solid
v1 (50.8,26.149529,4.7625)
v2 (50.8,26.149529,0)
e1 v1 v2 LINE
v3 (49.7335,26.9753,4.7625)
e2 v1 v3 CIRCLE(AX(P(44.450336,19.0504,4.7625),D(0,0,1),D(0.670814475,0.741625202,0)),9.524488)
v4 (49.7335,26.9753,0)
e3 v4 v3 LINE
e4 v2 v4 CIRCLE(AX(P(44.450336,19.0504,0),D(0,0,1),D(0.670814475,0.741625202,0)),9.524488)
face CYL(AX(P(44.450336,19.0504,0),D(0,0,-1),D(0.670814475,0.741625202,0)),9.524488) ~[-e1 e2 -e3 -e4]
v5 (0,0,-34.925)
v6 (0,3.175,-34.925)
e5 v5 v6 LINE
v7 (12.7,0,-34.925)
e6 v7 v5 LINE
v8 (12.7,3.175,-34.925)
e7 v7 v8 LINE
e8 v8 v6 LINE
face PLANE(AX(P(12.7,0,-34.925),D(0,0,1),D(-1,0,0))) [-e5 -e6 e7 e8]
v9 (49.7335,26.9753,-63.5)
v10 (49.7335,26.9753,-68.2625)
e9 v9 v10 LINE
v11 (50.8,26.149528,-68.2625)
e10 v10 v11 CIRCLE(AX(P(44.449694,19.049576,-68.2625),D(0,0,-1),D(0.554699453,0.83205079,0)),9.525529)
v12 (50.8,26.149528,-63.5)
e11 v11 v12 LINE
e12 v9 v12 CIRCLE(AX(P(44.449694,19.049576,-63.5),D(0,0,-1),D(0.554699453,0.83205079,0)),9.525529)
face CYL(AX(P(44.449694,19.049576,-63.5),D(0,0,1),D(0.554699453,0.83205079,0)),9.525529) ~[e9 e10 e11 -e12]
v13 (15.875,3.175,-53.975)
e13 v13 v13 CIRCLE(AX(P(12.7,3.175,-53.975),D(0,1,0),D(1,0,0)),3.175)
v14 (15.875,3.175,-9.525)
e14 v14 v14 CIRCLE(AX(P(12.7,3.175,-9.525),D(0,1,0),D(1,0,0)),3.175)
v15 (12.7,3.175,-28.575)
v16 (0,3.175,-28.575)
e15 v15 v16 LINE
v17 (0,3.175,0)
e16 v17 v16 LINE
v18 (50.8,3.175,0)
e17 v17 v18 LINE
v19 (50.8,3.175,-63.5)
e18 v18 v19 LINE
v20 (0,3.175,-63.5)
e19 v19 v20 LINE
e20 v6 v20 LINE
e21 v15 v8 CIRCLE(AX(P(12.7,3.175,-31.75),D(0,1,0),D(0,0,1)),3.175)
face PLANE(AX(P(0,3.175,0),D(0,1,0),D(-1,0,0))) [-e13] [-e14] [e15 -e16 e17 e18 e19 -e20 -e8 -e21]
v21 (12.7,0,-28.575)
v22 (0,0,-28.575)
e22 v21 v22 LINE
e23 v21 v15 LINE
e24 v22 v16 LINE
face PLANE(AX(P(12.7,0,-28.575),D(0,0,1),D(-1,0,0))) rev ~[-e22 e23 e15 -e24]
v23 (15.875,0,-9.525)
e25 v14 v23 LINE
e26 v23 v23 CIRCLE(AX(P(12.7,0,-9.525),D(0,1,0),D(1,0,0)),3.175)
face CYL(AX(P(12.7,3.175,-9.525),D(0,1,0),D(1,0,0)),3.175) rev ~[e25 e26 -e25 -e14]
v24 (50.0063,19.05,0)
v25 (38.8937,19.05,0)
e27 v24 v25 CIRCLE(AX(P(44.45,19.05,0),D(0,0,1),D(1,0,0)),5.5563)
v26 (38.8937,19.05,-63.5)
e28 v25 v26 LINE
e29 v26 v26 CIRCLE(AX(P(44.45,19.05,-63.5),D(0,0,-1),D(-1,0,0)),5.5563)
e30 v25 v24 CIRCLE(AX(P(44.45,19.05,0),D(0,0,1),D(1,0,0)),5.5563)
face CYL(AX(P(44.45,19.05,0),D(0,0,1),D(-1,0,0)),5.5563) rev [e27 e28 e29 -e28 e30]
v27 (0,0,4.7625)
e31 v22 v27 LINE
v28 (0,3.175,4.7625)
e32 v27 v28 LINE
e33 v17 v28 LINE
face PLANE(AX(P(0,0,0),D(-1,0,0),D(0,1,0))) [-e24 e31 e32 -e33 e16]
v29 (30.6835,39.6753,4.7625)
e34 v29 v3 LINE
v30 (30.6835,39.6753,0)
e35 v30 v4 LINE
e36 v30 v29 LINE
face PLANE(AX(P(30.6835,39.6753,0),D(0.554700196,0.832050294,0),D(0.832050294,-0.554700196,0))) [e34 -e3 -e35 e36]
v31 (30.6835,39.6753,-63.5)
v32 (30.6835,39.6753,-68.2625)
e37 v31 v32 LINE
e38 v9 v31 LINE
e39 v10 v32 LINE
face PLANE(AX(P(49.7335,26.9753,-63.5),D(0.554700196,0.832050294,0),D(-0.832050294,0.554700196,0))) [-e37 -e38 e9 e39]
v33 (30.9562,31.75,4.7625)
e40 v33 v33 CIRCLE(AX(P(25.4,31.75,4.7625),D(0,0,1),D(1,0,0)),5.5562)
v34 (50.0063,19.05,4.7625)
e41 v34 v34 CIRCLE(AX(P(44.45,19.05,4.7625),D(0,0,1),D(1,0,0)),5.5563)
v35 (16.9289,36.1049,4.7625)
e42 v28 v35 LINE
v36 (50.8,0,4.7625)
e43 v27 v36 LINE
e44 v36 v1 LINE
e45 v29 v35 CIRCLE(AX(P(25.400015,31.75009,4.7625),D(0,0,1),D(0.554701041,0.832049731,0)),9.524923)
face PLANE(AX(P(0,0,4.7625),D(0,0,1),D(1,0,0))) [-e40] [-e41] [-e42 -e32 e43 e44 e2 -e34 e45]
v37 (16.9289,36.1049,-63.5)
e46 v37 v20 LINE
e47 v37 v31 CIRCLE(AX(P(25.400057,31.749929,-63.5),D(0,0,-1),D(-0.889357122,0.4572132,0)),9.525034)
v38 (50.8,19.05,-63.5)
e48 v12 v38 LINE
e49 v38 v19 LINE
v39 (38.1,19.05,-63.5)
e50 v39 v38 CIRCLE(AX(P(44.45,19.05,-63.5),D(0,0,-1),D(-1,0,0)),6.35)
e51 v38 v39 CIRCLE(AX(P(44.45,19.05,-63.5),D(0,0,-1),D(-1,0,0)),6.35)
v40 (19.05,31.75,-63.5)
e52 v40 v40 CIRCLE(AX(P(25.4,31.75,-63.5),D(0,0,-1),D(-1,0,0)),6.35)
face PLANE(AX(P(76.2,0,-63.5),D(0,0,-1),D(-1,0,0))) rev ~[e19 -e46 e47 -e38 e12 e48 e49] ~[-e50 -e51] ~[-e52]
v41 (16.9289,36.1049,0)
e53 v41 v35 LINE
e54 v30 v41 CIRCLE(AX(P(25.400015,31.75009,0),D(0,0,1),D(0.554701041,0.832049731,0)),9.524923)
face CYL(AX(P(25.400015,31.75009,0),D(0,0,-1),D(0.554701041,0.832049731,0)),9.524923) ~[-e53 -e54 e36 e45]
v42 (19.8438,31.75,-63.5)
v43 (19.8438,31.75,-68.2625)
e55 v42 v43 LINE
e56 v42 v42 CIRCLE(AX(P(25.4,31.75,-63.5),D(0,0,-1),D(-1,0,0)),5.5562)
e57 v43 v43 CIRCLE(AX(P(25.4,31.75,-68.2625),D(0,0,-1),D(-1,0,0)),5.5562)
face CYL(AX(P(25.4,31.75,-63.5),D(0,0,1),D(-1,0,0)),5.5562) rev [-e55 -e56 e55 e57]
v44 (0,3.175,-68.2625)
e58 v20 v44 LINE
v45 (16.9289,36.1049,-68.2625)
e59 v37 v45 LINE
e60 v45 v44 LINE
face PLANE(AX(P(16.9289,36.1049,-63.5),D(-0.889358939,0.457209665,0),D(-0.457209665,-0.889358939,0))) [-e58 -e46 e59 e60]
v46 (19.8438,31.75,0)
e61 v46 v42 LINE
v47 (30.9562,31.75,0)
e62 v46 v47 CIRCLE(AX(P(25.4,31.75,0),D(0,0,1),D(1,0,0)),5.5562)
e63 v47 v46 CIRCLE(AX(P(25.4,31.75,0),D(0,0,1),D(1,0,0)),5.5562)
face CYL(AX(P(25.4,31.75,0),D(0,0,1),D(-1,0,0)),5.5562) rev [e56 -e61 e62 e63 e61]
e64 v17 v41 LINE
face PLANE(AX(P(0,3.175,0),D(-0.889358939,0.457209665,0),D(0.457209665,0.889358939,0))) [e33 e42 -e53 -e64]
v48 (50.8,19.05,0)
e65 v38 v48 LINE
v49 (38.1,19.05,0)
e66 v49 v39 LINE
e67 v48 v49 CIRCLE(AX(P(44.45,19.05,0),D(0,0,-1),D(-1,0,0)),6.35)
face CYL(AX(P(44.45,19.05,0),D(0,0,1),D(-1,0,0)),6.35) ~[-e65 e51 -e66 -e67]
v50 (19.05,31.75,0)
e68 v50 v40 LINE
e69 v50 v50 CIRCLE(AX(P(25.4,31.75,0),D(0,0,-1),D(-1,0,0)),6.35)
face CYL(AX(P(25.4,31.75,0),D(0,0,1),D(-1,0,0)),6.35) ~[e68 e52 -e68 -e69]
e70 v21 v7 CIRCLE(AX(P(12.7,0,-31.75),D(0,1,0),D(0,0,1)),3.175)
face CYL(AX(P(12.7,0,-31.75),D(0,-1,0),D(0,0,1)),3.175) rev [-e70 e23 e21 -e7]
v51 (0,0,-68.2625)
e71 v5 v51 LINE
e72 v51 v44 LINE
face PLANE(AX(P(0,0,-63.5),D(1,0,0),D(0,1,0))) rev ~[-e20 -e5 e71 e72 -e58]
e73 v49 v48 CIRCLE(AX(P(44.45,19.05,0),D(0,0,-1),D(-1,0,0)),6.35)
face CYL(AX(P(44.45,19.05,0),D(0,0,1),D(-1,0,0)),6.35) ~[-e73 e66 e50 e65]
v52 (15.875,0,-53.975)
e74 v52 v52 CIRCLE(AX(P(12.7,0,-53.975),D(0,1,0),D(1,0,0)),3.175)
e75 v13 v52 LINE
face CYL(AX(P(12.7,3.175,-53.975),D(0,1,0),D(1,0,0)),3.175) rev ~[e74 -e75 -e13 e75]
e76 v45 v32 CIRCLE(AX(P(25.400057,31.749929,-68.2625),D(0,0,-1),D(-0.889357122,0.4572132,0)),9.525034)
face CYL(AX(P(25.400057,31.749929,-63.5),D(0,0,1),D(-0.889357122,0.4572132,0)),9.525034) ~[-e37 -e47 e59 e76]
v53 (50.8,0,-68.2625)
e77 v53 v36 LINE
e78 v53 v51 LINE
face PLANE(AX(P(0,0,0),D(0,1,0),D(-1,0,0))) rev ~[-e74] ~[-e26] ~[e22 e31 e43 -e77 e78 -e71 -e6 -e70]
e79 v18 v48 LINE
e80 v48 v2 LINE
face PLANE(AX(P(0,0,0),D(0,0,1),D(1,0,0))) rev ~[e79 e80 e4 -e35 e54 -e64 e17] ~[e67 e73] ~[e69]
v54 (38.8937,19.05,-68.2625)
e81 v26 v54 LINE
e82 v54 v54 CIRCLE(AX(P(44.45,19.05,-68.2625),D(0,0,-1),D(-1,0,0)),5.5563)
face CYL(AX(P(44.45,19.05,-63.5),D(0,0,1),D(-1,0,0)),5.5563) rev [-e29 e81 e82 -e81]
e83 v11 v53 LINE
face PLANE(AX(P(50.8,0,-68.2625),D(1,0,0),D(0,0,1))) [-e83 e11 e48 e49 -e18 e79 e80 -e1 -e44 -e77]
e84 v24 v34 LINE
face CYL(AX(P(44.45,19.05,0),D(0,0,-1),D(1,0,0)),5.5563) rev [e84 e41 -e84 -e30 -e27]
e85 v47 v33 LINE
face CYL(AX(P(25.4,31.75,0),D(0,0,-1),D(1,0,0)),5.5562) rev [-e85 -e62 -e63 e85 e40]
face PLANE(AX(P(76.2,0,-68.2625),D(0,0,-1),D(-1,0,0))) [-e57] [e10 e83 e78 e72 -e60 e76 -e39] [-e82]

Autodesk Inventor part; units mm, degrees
ref_plane "YZ Plane" through (0, 0, 0) normal (1, 0, 0) x (0, 1, 0)
ref_plane "XZ Plane" through (0, 0, 0) normal (0, 1, 0) x (-1, 0, 0)
ref_plane "XY Plane" through (0, 0, 0) normal (0, 0, 1) x (1, 0, 0)
sketch "Sketch1" plane through (0, 0, 0) normal (0, 1, 0) x (-1, 0, 0)
  line L0 (0, 0) -> (-76.2, 0)
  line L1 (-76.2, 0) -> (-76.2, -63.5) construction
  line L2 (-76.2, -63.5) -> (0, -63.5)
  line L3 (0, -63.5) -> (0, 0) construction
  line L4 (0, -31.75) -> (44.45, -31.75) construction
  line L5 (-76.2, -31.75) -> (-127, -31.75) construction
  circle A0 centre (44.45, -31.75) radius 3.175
  circle A1 centre (-127, -31.75) radius 3.175 construction
  circle A2 centre (-114.3, -31.75) radius 3.175 construction
  line L6 (-114.3, -34.925) -> (-127, -34.925)
  line L7 (-114.3, -28.575) -> (-127, -28.575)
  arc A3 (-114.3, -34.925) -> (-114.3, -28.575) centre (-114.3, -31.75) ccw
  arc A4 (-127, -28.575) -> (-127, -34.925) centre (-127, -31.75) ccw
  line L8 (0, -63.5) -> (47.5152, -37.3112)
  line L9 (47.5152, -26.1888) -> (0, 0)
  line L10 (-76.2, -63.5) -> (-129.7757, -37.4612)
  line L11 (-129.7757, -26.0388) -> (-76.2, 0)
  arc A5 (47.5152, -37.3112) -> (47.5152, -26.1888) centre (44.45, -31.75) ccw
  arc A6 (-129.7757, -26.0388) -> (-129.7757, -37.4612) centre (-127, -31.75) ccw
  circle A7 centre (-76.2, -31.75) radius 3.175 construction
  circle A8 centre (-63.5, -31.75) radius 3.175 construction
  line L12 (-76.2, -28.575) -> (-63.5, -28.575) construction
  line L13 (-76.2, -34.925) -> (-63.5, -34.925) construction
  line L14 (-63.5, -28.575) -> (-76.2, -28.575)
  line L15 (-76.2, -34.925) -> (-63.5, -34.925)
  arc A9 (-63.5, -34.925) -> (-63.5, -28.575) centre (-63.5, -31.75) ccw
  arc A10 (-76.2, -28.575) -> (-76.2, -34.925) centre (-76.2, -31.75) ccw
  circle A11 centre (0, -31.75) radius 3.175 construction
  circle A12 centre (-12.7, -31.75) radius 3.175 construction
  line L16 (0, -28.575) -> (-12.7, -28.575) construction
  line L17 (0, -34.925) -> (-12.7, -34.925) construction
  arc A13 (-12.7, -28.575) -> (-12.7, -34.925) centre (-12.7, -31.75) ccw
  arc A14 (0, -34.925) -> (0, -28.575) centre (0, -31.75) ccw
  line L18 (-12.7, -34.925) -> (0, -34.925)
  line L19 (-12.7, -28.575) -> (0, -28.575)
  dimension "d0" = 76.2
  dimension "d1" = 63.5
  dimension "d2" = 44.45
  dimension "d3" = 50.8
  dimension "d4" = 6.35
  dimension "d5" = 6.35
  dimension "d6" = 6.35
  dimension "d7" = 12.7
  dimension "d8" = 6.35
  dimension "d9" = 0
  dimension "d10" = 0
  dimension "d11" = 0
  dimension "d12" = 0
  dimension "d13" = 6.35
  dimension "d14" = 6.35
  dimension "d15" = 12.7
  dimension "d16" = 0
  dimension "d17" = 6.35
  dimension "d18" = 6.35
  dimension "d19" = 0
  dimension "d20" = 12.7
extrude "Extrusion1" add sketch "Sketch1" along normal blind 3.175
sketch "Sketch2" plane through (0, 0, 0) normal (0, 0, 1) x (1, 0, 0)
  line L0 (0, 0) -> (76.2, 0) projected
  line L1 (76.2, 0) -> (76.2, 3.175) projected
  line L2 (0, 3.175) -> (76.2, 3.175) projected
  line L3 (0, 0) -> (0, 3.175) projected
  circle A0 centre (25.4, 31.75) radius 5.5562
  circle A1 centre (44.45, 19.05) radius 5.5563
  line L4 (0, 3.175) -> (16.9289, 36.1049)
  line L5 (30.6835, 39.6753) -> (49.7335, 26.9753)
  line L6 (50.8395, 26.114) -> (76.2, 3.175)
  arc A2 (30.6835, 39.6753) -> (16.9289, 36.1049) centre (25.4, 31.75) ccw
  arc A3 (50.8395, 26.114) -> (49.7335, 26.9753) centre (44.45, 19.05) ccw
  dimension "d23" = 11.1125
  dimension "d24" = 31.75
  dimension "d25" = 25.4
  dimension "d26" = 11.1125
  dimension "d27" = 19.05
  dimension "d28" = 31.75
  dimension "d29" = 9.525
extrude "Extrusion2" add sketch "Sketch2" along normal blind 4.7625
sketch "Sketch3" plane through (76.2, 0, -63.5) normal (0, 0, -1) x (-1, 0, 0)
  line L0 (0, 0) -> (76.2, 0) projected
  line L1 (76.2, 0) -> (76.2, 3.175) projected
  line L2 (0, 3.175) -> (76.2, 3.175) projected
  line L3 (0, 0) -> (0, 3.175) projected
  line L4 (59.2711, 36.1049) -> (76.2, 3.175) projected
  arc A0 (59.2711, 36.1049) -> (45.5165, 39.6753) centre (50.8, 31.75) ccw projected
  line L5 (26.4665, 26.9753) -> (45.5165, 39.6753) projected
  arc A1 (26.4665, 26.9753) -> (25.3605, 26.114) centre (31.75, 19.05) ccw projected
  line L6 (0, 3.175) -> (25.3605, 26.114) projected
  circle A2 centre (31.75, 19.05) radius 5.5563 projected
  circle A3 centre (50.8, 31.75) radius 5.5562 projected
  line L7 (76.2, 0) -> (0, 0) projected
  line L8 (0, 0) -> (0, 3.175) projected
  line L9 (76.2, 3.175) -> (76.2, 0) projected
extrude "Extrusion3" add sketch "Sketch3" along normal blind 4.7625
sketch "Sketch5" plane through (0, 0, 0) normal (0, 0, -1) x (-1, 0, 0)
  line L0 (0, 3.175) -> (-76.2, 3.175) projected
  line L1 (-16.9289, 36.1049) -> (0, 3.175) projected
  arc A0 (-16.9289, 36.1049) -> (-30.6835, 39.6753) centre (-25.4, 31.75) ccw projected
  line L2 (-49.7335, 26.9753) -> (-30.6835, 39.6753) projected
  arc A1 (-49.7335, 26.9753) -> (-50.8395, 26.114) centre (-44.45, 19.05) ccw projected
  line L3 (-76.2, 3.175) -> (-50.8395, 26.114) projected
  circle A2 centre (-44.45, 19.05) radius 5.5563 projected
  circle A3 centre (-25.4, 31.75) radius 5.5562 projected
  circle A4 centre (-44.45, 19.05) radius 6.35
  circle A5 centre (-25.4, 31.75) radius 6.35
  point P0 (0, 0)
  dimension "d38" = 12.7
  dimension "d39" = 12.7
extrude "Extrusion5" add sketch "Sketch5" along normal blind 63.5 contours A4 | A5
sketch "Sketch6" plane through (0, 3.175, 0) normal (0, 1, 0) x (1, 0, 0)
  line L0 (0, 34.925) -> (12.7, 34.925) projected
  arc A0 (12.7, 28.575) -> (12.7, 34.925) centre (12.7, 31.75) ccw projected
  line L1 (12.7, 28.575) -> (0, 28.575) projected
  arc A1 (0, 34.925) -> (0, 28.575) centre (0, 31.75) ccw projected
  arc A2 (63.5, 34.925) -> (63.5, 28.575) centre (63.5, 31.75) ccw projected
  line L2 (63.5, 34.925) -> (76.2, 34.925) projected
  arc A3 (76.2, 28.575) -> (76.2, 34.925) centre (76.2, 31.75) ccw projected
  line L3 (76.2, 28.575) -> (63.5, 28.575) projected
  arc A4 (127, 28.575) -> (127, 34.925) centre (127, 31.75) ccw projected
  line L4 (127, 28.575) -> (114.3, 28.575) projected
  arc A5 (114.3, 34.925) -> (114.3, 28.575) centre (114.3, 31.75) ccw projected
  line L5 (114.3, 34.925) -> (127, 34.925) projected
  circle A6 centre (-44.45, 31.75) radius 3.175 projected
  line L6 (0, 0) -> (76.2, 0) projected
  line L7 (76.2, 0) -> (129.7757, 26.0388) projected
  arc A7 (129.7757, 26.0388) -> (129.7757, 37.4612) centre (127, 31.75) ccw projected
  line L8 (129.7757, 37.4612) -> (76.2, 63.5) projected
  line L9 (76.2, 63.5) -> (0, 63.5) projected
  line L10 (0, 63.5) -> (-47.5152, 37.3112) projected
  arc A8 (-47.5152, 37.3112) -> (-47.5152, 26.1888) centre (-44.45, 31.75) ccw projected
  line L11 (-47.5152, 26.1888) -> (0, 0) projected
  circle A9 centre (88.9, 31.75) radius 3.175
  circle A10 centre (63.5, 9.525) radius 3.175
  circle A11 centre (63.5, 53.975) radius 3.175
  circle A12 centre (-12.7, 31.75) radius 3.175
  circle A13 centre (12.7, 9.525) radius 3.175
  circle A14 centre (12.7, 53.975) radius 3.175
  dimension "d42" = 6.35
  dimension "d43" = 6.35
  dimension "d44" = 6.35
  dimension "d45" = 6.35
  dimension "d46" = 6.35
  dimension "d47" = 6.35
  dimension "d50" = 22.225
  dimension "d51" = 22.225
  dimension "d52" = 0
  dimension "d53" = 0
  dimension "d54" = 0
  dimension "d55" = 12.7
  dimension "d56" = 12.7
  dimension "d57" = 0
  dimension "d58" = 0
  dimension "d59" = 0
  dimension "d60" = 22.225
  dimension "d61" = 22.225
extrude "Extrusion6" cut sketch "Sketch6" against normal blind 63.5 contours A9 | A10 | A11 | A12 | A13 | A14
sketch "Sketch7" plane through (0, 0, 0) normal (0, -1, 0) x (1, 0, 0)
  circle A0 centre (12.7, -9.525) radius 3.175 projected
  circle A1 centre (63.5, -53.975) radius 3.175 projected
  circle A2 centre (88.9, -31.75) radius 3.175 projected
  circle A3 centre (63.5, -9.525) radius 3.175 projected
  circle A4 centre (-12.7, -31.75) radius 3.175 projected
  circle A5 centre (12.7, -53.975) radius 3.175 projected
  line L0 (12.7, -34.925) -> (0, -34.925) projected
  arc A6 (0, -28.575) -> (0, -34.925) centre (0, -31.75) ccw projected
  line L1 (0, -28.575) -> (12.7, -28.575) projected
  arc A7 (12.7, -34.925) -> (12.7, -28.575) centre (12.7, -31.75) ccw projected
  arc A8 (63.5, -28.575) -> (63.5, -34.925) centre (63.5, -31.75) ccw projected
  line L2 (63.5, -28.575) -> (76.2, -28.575) projected
  arc A9 (76.2, -34.925) -> (76.2, -28.575) centre (76.2, -31.75) ccw projected
  line L3 (76.2, -34.925) -> (63.5, -34.925) projected
  arc A10 (127, -34.925) -> (127, -28.575) centre (127, -31.75) ccw projected
  line L4 (127, -34.925) -> (114.3, -34.925) projected
  arc A11 (114.3, -28.575) -> (114.3, -34.925) centre (114.3, -31.75) ccw projected
  line L5 (114.3, -28.575) -> (127, -28.575) projected
  circle A12 centre (-44.45, -31.75) radius 3.175 projected
  line L6 (-47.5152, -26.1888) -> (0, 0) projected
  arc A13 (-47.5152, -26.1888) -> (-47.5152, -37.3112) centre (-44.45, -31.75) ccw projected
  line L7 (0, -63.5) -> (-47.5152, -37.3112) projected
  line L8 (129.7757, -37.4612) -> (76.2, -63.5) projected
  arc A14 (129.7757, -37.4612) -> (129.7757, -26.0388) centre (127, -31.75) ccw projected
  line L9 (76.2, 0) -> (129.7757, -26.0388) projected
  line L10 (76.2, 0) -> (76.2, 4.7625) projected
  line L11 (0, 4.7625) -> (76.2, 4.7625) projected
  line L12 (0, 0) -> (0, 4.7625) projected
  line L13 (76.2, 4.7625) -> (50.8, 4.7625) construction
  line L14 (0, 4.7625) -> (76.2, 4.7625) construction
  line L15 (50.8, 4.7625) -> (133.35, 4.7625)
  line L16 (133.35, 4.7625) -> (133.35, -71.4375)
  line L17 (133.35, -71.4375) -> (50.8, -71.4375)
  line L18 (50.8, -71.4375) -> (50.8, 4.7625)
  line L19 (0, -63.5) -> (0, -68.2625) projected
  line L20 (76.2, -68.2625) -> (0, -68.2625) projected
  line L21 (76.2, -63.5) -> (76.2, -68.2625) projected
  dimension "d64" = 25.4
  dimension "d65" = 82.55
  dimension "d66" = 76.2
extrude "Extrusion7" cut sketch "Sketch7" against normal blind 63.5 contours L11 L10 L9 A14 L8 L21 L20 L18 | L15 L16 A14 L9 L10 | L20 L21 L8 A14 L16 L17 L18
sketch "Sketch8" plane through (0, 3.175, 0) normal (0, 1, 0) x (1, 0, 0)
  circle A0 centre (-44.45, 31.75) radius 3.175 projected
  circle A1 centre (-12.7, 31.75) radius 3.175 projected
  line L0 (0, 63.5) -> (-63.5, 63.5)
  line L1 (-63.5, 63.5) -> (-63.5, 0)
  line L2 (-63.5, 0) -> (0, 0)
  line L3 (0, 0) -> (0, 63.5)
  dimension "d69" = 63.5
  dimension "d70" = 63.5
extrude "Extrusion8" cut sketch "Sketch8" against normal blind 25.4
properties part number "garage door hinge" material "Aluminum 6061"
